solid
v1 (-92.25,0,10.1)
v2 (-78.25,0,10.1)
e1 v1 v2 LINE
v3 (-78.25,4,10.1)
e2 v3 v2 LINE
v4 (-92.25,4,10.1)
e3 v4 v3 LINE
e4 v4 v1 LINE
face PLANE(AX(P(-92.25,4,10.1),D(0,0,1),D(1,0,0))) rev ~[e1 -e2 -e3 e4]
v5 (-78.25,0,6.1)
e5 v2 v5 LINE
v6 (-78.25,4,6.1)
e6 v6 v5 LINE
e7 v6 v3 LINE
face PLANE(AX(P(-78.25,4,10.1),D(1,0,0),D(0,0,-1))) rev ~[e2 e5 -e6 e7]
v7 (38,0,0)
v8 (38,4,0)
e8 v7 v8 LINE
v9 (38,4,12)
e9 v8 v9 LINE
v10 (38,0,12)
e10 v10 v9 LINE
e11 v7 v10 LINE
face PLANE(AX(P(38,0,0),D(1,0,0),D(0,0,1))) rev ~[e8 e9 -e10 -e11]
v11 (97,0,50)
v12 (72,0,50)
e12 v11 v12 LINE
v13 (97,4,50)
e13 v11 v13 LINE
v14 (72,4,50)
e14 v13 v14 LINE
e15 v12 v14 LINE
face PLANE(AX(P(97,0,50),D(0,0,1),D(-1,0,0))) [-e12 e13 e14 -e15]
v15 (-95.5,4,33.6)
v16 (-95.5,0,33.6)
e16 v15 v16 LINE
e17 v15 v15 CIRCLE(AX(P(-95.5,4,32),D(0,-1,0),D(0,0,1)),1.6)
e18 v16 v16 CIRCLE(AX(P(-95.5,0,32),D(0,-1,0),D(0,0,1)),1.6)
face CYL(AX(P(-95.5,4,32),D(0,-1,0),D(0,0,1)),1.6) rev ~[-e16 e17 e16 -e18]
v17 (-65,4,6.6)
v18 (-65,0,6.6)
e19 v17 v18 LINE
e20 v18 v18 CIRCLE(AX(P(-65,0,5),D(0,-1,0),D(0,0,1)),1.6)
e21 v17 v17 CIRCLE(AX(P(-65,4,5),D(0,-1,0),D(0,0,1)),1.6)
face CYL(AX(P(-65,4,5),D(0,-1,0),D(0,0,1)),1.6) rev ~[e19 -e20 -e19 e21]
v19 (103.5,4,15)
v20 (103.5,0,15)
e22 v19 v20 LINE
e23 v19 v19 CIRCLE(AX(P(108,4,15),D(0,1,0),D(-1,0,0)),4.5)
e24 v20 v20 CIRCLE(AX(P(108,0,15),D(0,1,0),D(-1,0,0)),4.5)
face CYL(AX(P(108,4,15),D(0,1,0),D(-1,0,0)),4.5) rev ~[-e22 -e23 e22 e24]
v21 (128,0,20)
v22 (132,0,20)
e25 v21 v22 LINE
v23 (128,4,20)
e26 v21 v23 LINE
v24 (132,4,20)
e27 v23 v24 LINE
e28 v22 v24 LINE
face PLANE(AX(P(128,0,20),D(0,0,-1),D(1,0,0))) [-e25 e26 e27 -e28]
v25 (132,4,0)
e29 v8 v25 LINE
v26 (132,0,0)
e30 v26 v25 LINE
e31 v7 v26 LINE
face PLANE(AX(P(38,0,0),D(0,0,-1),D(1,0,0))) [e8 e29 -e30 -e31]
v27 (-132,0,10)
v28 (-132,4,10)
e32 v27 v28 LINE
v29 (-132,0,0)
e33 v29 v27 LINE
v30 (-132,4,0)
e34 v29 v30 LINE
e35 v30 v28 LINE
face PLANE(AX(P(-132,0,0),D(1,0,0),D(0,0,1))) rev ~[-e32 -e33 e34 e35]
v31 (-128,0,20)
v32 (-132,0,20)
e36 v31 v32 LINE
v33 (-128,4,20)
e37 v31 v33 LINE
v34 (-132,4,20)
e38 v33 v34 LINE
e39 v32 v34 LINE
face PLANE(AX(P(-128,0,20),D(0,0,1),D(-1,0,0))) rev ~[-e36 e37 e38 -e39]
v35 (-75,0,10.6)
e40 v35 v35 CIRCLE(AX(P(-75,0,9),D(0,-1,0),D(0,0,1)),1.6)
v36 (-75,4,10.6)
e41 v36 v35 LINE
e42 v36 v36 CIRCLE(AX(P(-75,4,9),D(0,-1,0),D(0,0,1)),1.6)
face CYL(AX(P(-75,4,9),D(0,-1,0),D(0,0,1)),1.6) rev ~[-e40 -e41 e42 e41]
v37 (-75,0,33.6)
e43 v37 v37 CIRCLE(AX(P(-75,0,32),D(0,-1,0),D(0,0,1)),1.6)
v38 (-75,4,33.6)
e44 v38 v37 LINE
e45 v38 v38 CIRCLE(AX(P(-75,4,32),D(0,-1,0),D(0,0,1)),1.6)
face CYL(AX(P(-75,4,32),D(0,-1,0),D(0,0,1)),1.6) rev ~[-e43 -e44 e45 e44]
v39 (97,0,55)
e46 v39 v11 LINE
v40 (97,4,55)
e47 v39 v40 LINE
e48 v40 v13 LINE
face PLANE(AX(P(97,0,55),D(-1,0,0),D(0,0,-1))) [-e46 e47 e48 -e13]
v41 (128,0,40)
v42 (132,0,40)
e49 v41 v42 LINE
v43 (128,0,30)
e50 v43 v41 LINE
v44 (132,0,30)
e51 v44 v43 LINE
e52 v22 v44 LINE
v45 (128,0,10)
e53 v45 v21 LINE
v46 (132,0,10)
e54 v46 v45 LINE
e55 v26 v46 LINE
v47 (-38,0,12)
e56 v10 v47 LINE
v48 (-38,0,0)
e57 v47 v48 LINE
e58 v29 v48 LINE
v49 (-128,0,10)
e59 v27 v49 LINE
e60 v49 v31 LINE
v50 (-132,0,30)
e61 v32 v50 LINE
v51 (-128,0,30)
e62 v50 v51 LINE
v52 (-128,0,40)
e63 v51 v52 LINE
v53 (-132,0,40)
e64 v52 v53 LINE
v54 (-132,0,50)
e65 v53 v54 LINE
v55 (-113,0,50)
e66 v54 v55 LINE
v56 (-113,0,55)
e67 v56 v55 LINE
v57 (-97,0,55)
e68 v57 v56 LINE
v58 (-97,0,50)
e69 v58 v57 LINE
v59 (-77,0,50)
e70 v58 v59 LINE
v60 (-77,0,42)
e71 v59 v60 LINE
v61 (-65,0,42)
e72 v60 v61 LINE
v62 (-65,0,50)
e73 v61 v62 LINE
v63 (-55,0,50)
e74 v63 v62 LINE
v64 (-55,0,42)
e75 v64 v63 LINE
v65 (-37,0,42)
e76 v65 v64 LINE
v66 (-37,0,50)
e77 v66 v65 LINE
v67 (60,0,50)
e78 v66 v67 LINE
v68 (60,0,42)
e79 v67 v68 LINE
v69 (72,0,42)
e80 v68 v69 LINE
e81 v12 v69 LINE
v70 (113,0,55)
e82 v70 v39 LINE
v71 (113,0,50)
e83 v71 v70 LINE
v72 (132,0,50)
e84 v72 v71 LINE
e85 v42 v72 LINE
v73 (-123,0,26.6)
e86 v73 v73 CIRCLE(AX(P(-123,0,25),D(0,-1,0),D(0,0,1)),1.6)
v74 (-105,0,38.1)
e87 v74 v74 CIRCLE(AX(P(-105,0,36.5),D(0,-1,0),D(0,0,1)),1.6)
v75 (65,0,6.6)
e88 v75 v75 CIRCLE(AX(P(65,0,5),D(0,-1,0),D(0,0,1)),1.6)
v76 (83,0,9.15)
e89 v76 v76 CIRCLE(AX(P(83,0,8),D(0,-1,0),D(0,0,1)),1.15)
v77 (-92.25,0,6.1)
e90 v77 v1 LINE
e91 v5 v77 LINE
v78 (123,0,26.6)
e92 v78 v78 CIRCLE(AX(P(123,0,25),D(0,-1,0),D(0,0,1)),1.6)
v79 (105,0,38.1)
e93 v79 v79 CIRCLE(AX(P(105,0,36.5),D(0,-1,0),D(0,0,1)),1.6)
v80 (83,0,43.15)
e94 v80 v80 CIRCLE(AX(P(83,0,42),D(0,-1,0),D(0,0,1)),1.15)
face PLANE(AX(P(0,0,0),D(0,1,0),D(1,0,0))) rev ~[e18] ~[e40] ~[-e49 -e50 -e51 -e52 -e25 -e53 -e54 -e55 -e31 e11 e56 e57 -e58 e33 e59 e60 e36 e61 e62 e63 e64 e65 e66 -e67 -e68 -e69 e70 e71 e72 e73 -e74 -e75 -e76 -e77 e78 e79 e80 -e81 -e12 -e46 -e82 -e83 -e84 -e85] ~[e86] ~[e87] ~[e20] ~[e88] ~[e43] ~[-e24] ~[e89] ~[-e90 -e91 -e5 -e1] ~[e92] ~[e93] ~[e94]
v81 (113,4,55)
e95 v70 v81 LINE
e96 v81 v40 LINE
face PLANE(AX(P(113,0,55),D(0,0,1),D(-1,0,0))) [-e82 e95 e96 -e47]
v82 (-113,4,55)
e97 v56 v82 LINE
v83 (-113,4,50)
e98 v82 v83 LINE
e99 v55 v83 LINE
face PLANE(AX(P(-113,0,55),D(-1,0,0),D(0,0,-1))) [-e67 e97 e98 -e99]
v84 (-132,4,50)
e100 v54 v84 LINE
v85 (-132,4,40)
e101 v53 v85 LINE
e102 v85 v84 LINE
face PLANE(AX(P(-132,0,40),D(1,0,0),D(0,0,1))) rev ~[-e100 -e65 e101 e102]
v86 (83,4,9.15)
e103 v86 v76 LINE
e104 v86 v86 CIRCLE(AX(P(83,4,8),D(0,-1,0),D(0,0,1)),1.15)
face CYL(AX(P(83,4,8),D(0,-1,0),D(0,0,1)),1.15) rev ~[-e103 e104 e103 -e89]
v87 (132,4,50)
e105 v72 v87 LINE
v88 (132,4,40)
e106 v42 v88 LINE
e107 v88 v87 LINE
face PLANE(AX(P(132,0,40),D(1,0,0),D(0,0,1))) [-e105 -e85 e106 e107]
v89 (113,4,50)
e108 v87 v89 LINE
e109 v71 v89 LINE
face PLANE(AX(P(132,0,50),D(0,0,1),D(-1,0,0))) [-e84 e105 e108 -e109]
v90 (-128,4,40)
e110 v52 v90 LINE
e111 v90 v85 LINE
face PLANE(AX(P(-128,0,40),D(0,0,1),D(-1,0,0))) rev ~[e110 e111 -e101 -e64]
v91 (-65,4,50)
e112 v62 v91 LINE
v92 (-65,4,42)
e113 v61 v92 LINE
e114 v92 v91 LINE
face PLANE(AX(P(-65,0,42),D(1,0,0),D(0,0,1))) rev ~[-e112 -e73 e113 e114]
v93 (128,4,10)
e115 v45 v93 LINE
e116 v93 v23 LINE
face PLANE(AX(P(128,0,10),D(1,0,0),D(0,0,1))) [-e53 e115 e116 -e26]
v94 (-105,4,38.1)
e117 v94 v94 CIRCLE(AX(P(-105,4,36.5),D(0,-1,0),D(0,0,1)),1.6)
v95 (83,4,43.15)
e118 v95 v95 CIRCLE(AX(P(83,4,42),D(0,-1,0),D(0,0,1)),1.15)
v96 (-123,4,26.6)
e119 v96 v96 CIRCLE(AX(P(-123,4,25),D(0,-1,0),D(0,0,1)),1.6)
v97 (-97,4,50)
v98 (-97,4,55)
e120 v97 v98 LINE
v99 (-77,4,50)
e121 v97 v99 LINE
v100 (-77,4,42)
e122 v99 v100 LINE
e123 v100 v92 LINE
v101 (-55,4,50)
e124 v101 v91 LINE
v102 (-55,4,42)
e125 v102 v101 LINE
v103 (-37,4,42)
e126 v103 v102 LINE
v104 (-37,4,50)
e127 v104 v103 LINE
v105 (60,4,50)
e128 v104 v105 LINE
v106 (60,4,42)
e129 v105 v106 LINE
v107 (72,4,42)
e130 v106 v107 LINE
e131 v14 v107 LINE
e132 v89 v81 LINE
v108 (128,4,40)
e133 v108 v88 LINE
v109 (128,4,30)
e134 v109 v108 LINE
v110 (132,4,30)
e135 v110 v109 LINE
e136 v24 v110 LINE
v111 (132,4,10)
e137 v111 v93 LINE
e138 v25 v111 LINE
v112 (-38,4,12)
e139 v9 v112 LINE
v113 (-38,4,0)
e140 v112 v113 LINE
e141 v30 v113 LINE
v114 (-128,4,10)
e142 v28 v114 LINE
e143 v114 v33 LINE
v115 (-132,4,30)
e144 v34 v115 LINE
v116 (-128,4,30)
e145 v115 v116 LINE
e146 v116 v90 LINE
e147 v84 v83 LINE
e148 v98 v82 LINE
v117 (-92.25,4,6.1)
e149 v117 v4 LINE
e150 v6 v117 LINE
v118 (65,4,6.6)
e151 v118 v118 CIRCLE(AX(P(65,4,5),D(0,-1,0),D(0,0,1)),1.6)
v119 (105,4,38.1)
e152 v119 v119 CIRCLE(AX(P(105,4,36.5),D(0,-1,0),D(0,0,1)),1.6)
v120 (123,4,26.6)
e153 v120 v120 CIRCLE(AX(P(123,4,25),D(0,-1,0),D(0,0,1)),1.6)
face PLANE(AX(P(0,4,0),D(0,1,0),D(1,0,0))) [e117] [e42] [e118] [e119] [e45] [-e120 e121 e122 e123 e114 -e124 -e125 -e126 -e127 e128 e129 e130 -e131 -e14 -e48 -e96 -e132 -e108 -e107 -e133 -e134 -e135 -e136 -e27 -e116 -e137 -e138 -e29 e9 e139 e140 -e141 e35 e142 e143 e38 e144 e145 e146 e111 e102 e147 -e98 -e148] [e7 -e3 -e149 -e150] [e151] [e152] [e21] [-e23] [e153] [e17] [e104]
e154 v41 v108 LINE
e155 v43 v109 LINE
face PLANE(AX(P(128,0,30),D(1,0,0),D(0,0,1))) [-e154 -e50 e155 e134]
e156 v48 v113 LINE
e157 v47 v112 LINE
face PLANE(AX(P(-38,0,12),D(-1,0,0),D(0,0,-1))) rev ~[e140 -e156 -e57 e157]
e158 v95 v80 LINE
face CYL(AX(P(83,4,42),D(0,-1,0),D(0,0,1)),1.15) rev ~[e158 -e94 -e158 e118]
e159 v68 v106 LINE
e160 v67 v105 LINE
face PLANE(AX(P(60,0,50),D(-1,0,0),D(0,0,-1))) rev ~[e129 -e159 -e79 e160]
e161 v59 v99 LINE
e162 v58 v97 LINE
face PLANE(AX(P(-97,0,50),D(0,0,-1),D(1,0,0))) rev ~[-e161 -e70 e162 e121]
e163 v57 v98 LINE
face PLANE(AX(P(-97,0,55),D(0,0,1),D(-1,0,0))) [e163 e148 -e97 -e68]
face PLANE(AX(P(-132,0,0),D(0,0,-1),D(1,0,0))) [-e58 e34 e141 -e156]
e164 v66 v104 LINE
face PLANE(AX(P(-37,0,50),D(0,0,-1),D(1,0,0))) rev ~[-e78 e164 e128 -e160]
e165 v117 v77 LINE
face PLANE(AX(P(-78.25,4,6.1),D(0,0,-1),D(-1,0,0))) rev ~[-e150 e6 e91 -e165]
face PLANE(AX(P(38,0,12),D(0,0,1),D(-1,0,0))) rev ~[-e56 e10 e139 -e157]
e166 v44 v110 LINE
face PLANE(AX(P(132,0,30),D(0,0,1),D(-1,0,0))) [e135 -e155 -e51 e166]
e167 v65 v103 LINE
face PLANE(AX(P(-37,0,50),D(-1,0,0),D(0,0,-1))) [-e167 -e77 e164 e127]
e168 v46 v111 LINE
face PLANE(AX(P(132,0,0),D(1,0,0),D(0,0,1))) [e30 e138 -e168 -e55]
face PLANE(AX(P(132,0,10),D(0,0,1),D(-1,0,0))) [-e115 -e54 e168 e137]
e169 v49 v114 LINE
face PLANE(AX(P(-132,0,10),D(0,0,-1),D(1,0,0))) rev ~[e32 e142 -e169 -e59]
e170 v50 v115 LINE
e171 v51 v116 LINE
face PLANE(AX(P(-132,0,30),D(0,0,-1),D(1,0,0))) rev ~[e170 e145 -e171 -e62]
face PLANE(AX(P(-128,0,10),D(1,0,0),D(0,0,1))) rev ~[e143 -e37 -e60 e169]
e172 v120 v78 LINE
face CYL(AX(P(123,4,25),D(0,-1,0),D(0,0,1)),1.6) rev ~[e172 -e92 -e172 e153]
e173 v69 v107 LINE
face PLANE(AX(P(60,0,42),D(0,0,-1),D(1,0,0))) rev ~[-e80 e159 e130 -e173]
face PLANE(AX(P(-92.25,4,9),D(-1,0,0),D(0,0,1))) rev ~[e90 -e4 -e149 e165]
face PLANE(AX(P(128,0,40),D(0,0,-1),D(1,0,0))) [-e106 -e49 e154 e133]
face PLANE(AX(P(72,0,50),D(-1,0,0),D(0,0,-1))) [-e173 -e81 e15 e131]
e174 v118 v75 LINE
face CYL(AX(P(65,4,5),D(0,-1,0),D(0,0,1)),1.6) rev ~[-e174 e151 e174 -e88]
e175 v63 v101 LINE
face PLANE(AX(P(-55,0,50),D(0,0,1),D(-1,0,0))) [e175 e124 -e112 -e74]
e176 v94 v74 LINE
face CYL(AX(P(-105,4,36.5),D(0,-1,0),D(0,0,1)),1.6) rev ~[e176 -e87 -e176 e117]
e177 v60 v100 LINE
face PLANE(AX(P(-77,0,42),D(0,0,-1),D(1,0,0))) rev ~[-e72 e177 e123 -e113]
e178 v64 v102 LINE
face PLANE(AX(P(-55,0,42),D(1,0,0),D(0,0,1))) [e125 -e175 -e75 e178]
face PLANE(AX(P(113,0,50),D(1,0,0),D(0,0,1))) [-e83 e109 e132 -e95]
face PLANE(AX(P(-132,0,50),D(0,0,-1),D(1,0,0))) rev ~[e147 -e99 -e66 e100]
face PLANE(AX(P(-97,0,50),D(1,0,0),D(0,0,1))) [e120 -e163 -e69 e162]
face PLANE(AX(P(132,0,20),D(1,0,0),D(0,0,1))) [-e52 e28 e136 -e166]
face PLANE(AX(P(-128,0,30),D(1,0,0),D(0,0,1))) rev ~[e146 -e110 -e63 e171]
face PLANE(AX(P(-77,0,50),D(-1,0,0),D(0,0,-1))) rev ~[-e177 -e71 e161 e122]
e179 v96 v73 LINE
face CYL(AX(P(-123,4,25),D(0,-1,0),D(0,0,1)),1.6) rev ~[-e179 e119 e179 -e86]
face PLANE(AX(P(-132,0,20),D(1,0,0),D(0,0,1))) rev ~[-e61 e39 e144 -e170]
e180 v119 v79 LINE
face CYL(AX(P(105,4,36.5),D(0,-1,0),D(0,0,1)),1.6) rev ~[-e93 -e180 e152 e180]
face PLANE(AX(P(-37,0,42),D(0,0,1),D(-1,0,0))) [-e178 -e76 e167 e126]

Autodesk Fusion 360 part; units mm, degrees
sketch "スケッチ1" plane through (0, 0, 0) normal (0, 1, 0) x (1, 0, 0)
  line L0 (-132, 0) -> (132, 0)
  line L1 (-132, 0) -> (-132, -10)
  line L2 (-132, -10) -> (-128, -10)
  line L3 (-128, -10) -> (-128, -20)
  line L4 (-128, -20) -> (-132, -20)
  line L5 (-132, -20) -> (-132, -30)
  line L6 (-132, -30) -> (-128, -30)
  line L7 (-128, -30) -> (-128, -40)
  line L8 (-128, -40) -> (-132, -40)
  line L9 (-132, -40) -> (-132, -50)
  line L10 (-132, -50) -> (-77, -50)
  line L11 (-77, -50) -> (-77, -42)
  line L12 (132, 0) -> (132, -10)
  line L13 (132, -10) -> (128, -10)
  line L14 (128, -10) -> (128, -20)
  line L15 (128, -20) -> (132, -20)
  line L16 (132, -20) -> (132, -30)
  line L17 (132, -30) -> (128, -30)
  line L18 (128, -30) -> (128, -40)
  line L19 (128, -40) -> (132, -40)
  line L20 (132, -40) -> (132, -50)
  line L21 (132, -50) -> (72, -50)
  line L22 (72, -50) -> (72, -42)
  line L23 (-77, -42) -> (-65, -42)
  line L24 (-65, -42) -> (-65, -50)
  line L25 (-37, -50) -> (60, -50)
  line L26 (60, -50) -> (60, -42)
  line L27 (60, -42) -> (72, -42)
  line L28 (-113, -50) -> (-97, -50)
  line L29 (-97, -50) -> (-97, -55)
  line L30 (-97, -55) -> (-113, -55)
  line L31 (-113, -55) -> (-113, -50)
  line L32 (97, -50) -> (113, -50)
  line L33 (113, -50) -> (113, -55)
  line L34 (113, -55) -> (97, -55)
  line L35 (97, -55) -> (97, -50)
  line L36 (-38, 0) -> (38, 0)
  line L37 (38, 0) -> (38, -12)
  line L38 (38, -12) -> (-38, -12)
  line L39 (-38, -12) -> (-38, 0)
  line L40 (-37, -50) -> (-37, -42)
  line L41 (-37, -42) -> (-55, -42)
  line L42 (-55, -42) -> (-55, -50)
  line L43 (-55, -50) -> (-65, -50)
  point P0 (0, -20)
  point P1 (-105, -50)
  point P2 (105, -50)
  dimension "d1" = 264
  dimension "d2" = 10
  dimension "d3" = 10
  dimension "d4" = 10
  dimension "d5" = 10
  dimension "d6" = 10
  dimension "d7" = 4
  dimension "d8" = 55
  dimension "d9" = 4
  dimension "d10" = 60
  dimension "d11" = 8
  dimension "d28" = 12
  dimension "d40" = 16
  dimension "d41" = 5
  dimension "d42" = 105
  dimension "d43" = 105
  dimension "d48" = 12
  dimension "d62" = 12
  dimension "d63" = 76
  dimension "d64" = 10
  dimension "d65" = 18
extrude "押し出し1" add sketch "スケッチ1" along normal blind 4 contours L0 L1 L2 L3 L4 L5 L6 L7 L8 L9 L10 L11 L12 L13 L14 L15 L16 L17 L18 L19 L20 L21 L22 L23 L24 L25 L26 L27 L28 L32 L37 L38 L39 L40 L41 L42 L43 | L10 L28 L29 L30 L31 | L21 L32 L33 L34 L35
sketch "スケッチ2" plane through (0, 4, 0) normal (0, 1, 0) x (-1, 0, 0)
  line L0 (-72, 42) -> (-72, 50)
  line L1 (-72, 50) -> (-97, 50)
  line L2 (-132, 50) -> (-132, 40)
  line L3 (-132, 40) -> (-128, 40)
  line L4 (-128, 40) -> (-128, 30)
  line L5 (-128, 30) -> (-132, 30)
  line L6 (-132, 30) -> (-132, 20)
  line L7 (-132, 20) -> (-128, 20)
  line L8 (-128, 20) -> (-128, 10)
  line L9 (-128, 10) -> (-132, 10)
  line L10 (-132, 10) -> (-132, 0)
  line L11 (38, 0) -> (132, 0)
  line L12 (65, 5) -> (-65, 5)
  line L13 (123, 25) -> (-123, 25)
  line L14 (105, 36.5) -> (-105, 36.5)
  line L15 (37, 50) -> (-60, 50)
  line L16 (-60, 50) -> (-60, 42)
  line L17 (-60, 42) -> (-72, 42)
  line L18 (132, 0) -> (132, 10)
  line L19 (132, 10) -> (128, 10)
  line L20 (128, 10) -> (128, 20)
  line L21 (128, 20) -> (132, 20)
  line L22 (132, 20) -> (132, 30)
  line L23 (132, 30) -> (128, 30)
  line L24 (128, 30) -> (128, 40)
  line L25 (128, 40) -> (132, 40)
  line L26 (132, 40) -> (132, 50)
  line L27 (132, 50) -> (113, 50)
  line L28 (77, 50) -> (77, 42)
  line L29 (77, 42) -> (65, 42)
  line L30 (65, 42) -> (65, 50)
  line L31 (113, 50) -> (113, 55)
  line L32 (113, 55) -> (97, 55)
  line L33 (97, 55) -> (97, 50)
  line L34 (97, 50) -> (77, 50)
  line L35 (-97, 50) -> (-97, 55)
  line L36 (-97, 55) -> (-113, 55)
  line L37 (-113, 55) -> (-113, 50)
  line L38 (-113, 50) -> (-132, 50)
  line L39 (-38, 0) -> (-38, 12)
  line L40 (-38, 12) -> (38, 12)
  line L41 (38, 12) -> (38, 0)
  line L42 (-132, 0) -> (-38, 0)
  line L43 (65, 50) -> (55, 50)
  line L44 (55, 50) -> (55, 42)
  line L45 (55, 42) -> (37, 42)
  line L46 (37, 42) -> (37, 50)
  dimension "d14" = 5
  dimension "d15" = 65
  dimension "d16" = 65
  dimension "d17" = 25
  dimension "d19" = 5
  dimension "d24" = 105
  dimension "d25" = 105
  dimension "d46" = 13.5
  dimension "d47" = 5
hole "穴1" at (-65, 4, 5) at (-123, 4, 25) at (65, 4, 5) at (123, 4, 25) at (-105, 4, 36.5) at (105, 4, 36.5) direction (0, -1, 0) diameter 3.2 end through all
sketch "スケッチ3" plane through (0, 4, 0) normal (0, 1, 0) x (-1, 0, 0)
  circle A0 centre (-65, 5) radius 1.6
  circle A1 centre (123, 25) radius 1.6
  circle A2 centre (-123, 25) radius 1.6
  circle A3 centre (-105, 36.5) radius 1.6
  line L0 (132, 0) -> (132, 10)
  line L1 (132, 10) -> (128, 10)
  line L2 (128, 10) -> (128, 20)
  line L3 (128, 20) -> (132, 20)
  line L4 (132, 20) -> (132, 30)
  line L5 (132, 30) -> (128, 30)
  line L6 (128, 30) -> (128, 40)
  line L7 (128, 40) -> (132, 40)
  line L8 (132, 40) -> (132, 50)
  line L9 (132, 50) -> (113, 50)
  line L10 (77, 50) -> (77, 42)
  line L11 (77, 42) -> (65, 42)
  line L12 (65, 42) -> (65, 50)
  line L13 (37, 50) -> (-60, 50)
  line L14 (-60, 50) -> (-60, 42)
  line L15 (-60, 42) -> (-72, 42)
  line L16 (-72, 42) -> (-72, 50)
  line L17 (-72, 50) -> (-97, 50)
  line L18 (-132, 50) -> (-132, 40)
  line L19 (-132, 40) -> (-128, 40)
  line L20 (-128, 40) -> (-128, 30)
  line L21 (-128, 30) -> (-132, 30)
  line L22 (-132, 30) -> (-132, 20)
  line L23 (-132, 20) -> (-128, 20)
  line L24 (-128, 20) -> (-128, 10)
  line L25 (-128, 10) -> (-132, 10)
  line L26 (-132, 10) -> (-132, 0)
  line L27 (38, 0) -> (132, 0)
  circle A4 centre (-108, 15) radius 4.5
  circle A5 centre (-83, 25) radius 15
  line L28 (-83, 8) -> (-83, 42)
  line L29 (113, 50) -> (113, 55)
  line L30 (113, 55) -> (97, 55)
  line L31 (97, 55) -> (97, 50)
  line L32 (97, 50) -> (77, 50)
  line L33 (-97, 50) -> (-97, 55)
  line L34 (-97, 55) -> (-113, 55)
  line L35 (-113, 55) -> (-113, 50)
  line L36 (-113, 50) -> (-132, 50)
  line L37 (75, 9) -> (95.5, 9)
  line L38 (95.5, 9) -> (95.5, 32)
  line L39 (95.5, 32) -> (75, 32)
  line L40 (75, 32) -> (75, 9)
  line L41 (75, 9) -> (95.5, 32) construction
  line L42 (95.5, 9) -> (75, 32) construction
  line L43 (78.25, 6.1) -> (92.25, 6.1)
  line L44 (92.25, 6.1) -> (92.25, 10.1)
  line L45 (92.25, 10.1) -> (78.25, 10.1)
  line L46 (78.25, 10.1) -> (78.25, 6.1)
  line L47 (78.25, 6.1) -> (92.25, 10.1) construction
  line L48 (92.25, 6.1) -> (78.25, 10.1) construction
  line L49 (-38, 0) -> (-38, 12)
  line L50 (-38, 12) -> (38, 12)
  line L51 (38, 12) -> (38, 0)
  line L52 (-132, 0) -> (-38, 0)
  line L53 (65, 50) -> (55, 50)
  line L54 (55, 50) -> (55, 42)
  line L55 (55, 42) -> (37, 42)
  line L56 (37, 42) -> (37, 50)
  point P0 (85.25, 20.5)
  point P1 (85.25, 8.1)
  dimension "d29" = 34
  dimension "d30" = 30
  dimension "d31" = 9
  dimension "d32" = 15
  dimension "d33" = 20
  dimension "d34" = 25
  dimension "d35" = 45
  dimension "d51" = 23
  dimension "d52" = 20.5
  dimension "d53" = 4
  dimension "d54" = 14
  dimension "d55" = 12.4
  dimension "d56" = 75
  dimension "d57" = 9
extrude "押し出し2" cut sketch "スケッチ3" against normal through all contours A4
hole "穴2" at (83, 4, 42) at (83, 4, 8) direction (0, -1, 0) diameter 2.3 depth 35 tip angle 118
extrude "押し出し3" cut sketch "スケッチ3" against normal through all contours L37 L44 L45 L46 | L37 L43 L44 L46
hole "穴3" at (0, 0, 0) at (-75, 4, 9) at (-75, 4, 32) at (-95.5, 4, 32) direction (0, -1, 0) diameter 3.2 depth 16 tip angle 118
